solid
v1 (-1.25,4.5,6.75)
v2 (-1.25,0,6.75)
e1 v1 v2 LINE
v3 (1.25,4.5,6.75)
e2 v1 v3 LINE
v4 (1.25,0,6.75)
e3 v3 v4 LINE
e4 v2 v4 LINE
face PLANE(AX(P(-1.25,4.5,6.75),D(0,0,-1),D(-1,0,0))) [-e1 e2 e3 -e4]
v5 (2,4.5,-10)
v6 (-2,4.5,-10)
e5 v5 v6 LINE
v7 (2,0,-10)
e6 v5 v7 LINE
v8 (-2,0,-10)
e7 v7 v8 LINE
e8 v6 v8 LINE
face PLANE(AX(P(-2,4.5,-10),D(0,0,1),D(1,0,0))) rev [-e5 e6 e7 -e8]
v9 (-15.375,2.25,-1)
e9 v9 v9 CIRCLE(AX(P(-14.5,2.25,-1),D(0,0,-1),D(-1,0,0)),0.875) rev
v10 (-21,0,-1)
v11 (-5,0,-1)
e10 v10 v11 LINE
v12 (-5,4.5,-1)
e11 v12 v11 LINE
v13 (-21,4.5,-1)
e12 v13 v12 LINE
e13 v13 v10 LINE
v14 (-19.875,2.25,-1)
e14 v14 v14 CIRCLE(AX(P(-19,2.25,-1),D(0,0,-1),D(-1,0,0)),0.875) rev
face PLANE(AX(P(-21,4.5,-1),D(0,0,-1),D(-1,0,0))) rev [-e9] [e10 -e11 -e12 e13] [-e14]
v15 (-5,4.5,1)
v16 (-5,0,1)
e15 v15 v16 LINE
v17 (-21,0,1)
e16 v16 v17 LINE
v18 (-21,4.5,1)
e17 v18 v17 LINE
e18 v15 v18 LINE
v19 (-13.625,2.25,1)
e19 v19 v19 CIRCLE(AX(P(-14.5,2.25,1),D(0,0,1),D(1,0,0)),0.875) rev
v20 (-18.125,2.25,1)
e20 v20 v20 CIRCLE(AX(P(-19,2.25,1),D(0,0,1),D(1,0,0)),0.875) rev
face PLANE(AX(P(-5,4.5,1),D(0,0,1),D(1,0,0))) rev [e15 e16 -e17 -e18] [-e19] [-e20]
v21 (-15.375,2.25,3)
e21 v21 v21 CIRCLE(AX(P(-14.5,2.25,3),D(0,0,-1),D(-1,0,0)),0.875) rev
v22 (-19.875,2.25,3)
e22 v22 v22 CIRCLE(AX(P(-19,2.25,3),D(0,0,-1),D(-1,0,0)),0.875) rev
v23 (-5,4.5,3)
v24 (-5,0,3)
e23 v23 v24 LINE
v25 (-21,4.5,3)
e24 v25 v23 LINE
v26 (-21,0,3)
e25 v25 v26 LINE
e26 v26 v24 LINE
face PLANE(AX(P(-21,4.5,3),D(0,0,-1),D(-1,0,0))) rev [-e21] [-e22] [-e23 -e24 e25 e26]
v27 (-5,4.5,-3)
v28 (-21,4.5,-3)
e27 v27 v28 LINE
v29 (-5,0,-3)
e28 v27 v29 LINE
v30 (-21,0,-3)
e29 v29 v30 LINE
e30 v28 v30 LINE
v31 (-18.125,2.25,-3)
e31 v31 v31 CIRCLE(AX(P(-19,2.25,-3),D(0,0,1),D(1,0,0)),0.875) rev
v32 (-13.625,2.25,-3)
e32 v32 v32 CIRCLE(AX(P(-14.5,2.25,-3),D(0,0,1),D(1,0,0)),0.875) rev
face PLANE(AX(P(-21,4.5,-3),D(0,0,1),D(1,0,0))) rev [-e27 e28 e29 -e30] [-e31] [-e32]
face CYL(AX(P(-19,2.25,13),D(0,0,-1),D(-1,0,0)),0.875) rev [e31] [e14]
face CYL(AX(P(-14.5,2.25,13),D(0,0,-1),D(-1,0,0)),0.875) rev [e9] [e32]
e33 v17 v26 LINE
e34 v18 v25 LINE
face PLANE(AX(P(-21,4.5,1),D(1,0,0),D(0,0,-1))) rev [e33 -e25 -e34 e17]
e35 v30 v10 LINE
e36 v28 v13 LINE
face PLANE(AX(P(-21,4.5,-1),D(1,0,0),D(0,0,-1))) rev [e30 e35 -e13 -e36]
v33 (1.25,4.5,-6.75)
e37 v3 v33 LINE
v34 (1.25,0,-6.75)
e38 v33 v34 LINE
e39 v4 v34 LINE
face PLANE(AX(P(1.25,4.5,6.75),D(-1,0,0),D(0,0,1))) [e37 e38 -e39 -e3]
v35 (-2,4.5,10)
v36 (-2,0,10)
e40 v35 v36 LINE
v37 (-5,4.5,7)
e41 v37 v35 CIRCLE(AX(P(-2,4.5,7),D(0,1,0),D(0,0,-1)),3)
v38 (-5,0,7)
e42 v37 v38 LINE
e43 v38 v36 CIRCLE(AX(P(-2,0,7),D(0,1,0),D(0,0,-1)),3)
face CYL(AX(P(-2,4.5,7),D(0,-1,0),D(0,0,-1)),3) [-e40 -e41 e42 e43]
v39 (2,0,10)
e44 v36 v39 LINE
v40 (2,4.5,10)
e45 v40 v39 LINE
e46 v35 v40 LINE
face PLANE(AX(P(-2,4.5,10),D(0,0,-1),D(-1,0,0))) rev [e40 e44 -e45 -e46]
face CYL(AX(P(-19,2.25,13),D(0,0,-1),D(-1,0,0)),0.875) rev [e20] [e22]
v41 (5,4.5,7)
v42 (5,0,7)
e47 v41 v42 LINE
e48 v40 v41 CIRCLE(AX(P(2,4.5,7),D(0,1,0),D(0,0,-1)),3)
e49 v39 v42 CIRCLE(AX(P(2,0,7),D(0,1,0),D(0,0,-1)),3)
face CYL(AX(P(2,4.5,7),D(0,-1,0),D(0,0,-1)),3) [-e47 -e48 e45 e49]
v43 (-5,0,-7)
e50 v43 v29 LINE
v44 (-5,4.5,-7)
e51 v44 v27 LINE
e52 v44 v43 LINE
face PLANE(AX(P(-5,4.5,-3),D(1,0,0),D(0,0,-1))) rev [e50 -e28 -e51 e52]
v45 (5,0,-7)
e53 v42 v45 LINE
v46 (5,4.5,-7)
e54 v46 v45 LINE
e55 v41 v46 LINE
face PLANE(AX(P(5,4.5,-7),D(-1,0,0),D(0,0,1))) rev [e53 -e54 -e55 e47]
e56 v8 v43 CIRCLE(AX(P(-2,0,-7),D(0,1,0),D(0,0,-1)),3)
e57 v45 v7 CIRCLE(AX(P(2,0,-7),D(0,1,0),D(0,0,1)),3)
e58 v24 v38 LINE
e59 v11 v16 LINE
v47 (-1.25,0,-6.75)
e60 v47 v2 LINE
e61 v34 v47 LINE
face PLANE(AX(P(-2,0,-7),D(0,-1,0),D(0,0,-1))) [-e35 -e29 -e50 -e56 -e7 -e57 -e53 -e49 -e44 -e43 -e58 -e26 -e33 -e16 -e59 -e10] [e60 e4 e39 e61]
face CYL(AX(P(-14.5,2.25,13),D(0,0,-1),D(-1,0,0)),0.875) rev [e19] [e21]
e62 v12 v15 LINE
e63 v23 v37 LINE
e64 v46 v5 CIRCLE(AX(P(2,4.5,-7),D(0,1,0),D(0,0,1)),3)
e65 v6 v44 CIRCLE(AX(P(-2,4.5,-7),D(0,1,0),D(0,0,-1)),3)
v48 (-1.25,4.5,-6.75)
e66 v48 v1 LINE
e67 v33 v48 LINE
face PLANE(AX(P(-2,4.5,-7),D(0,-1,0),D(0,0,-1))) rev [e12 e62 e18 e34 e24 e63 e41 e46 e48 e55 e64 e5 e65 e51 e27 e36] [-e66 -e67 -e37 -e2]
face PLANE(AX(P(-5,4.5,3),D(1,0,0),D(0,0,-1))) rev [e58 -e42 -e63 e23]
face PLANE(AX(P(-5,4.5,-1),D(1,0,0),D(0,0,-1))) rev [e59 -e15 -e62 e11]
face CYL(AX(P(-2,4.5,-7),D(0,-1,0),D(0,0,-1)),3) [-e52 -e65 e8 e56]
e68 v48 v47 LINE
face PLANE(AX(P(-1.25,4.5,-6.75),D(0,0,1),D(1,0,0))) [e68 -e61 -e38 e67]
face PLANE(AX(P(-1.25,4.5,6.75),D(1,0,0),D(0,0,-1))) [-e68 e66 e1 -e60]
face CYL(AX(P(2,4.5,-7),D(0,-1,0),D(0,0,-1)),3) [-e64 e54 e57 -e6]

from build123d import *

# Parameters (mm, degrees)
CROQUIS1_W                 = 2.5
CROQUIS1_H                 = 13.5
SALIENTE_EXTRUIR1_DEPTH    = 4.5
CORTAR_EXTRUIR4_DEPTH      = 10
CORTAR_EXTRUIR4_DEPTH_BACK = 26.104780421
CROQUIS7_R                 = 0.875


with BuildPart() as part:
    # Croquis1 → Saliente-Extruir1 (new body)
    with BuildSketch(Plane(origin=(0, 0, 0), x_dir=(1, 0, 0), z_dir=(0, 1, 0))):
        with BuildLine():
            Line((-2, -10), (2, -10))
            ThreePointArc((2, -10), (4.121320344, -9.121320344), (5, -7))
            Line((5, -7), (5, 7))
            ThreePointArc((5, 7), (4.121320344, 9.121320344), (2, 10))
            Line((2, 10), (-2, 10))
            ThreePointArc((-2, 10), (-4.121320344, 9.121320344), (-5, 7))
            Line((-5, 7), (-5, 3))
            Line((-5, 3), (-21, 3))
            Line((-21, 3), (-21, 1))
            Line((-21, 1), (-5, 1))
            Line((-5, 1), (-5, -1))
            Line((-5, -1), (-21, -1))
            Line((-21, -1), (-21, -3))
            Line((-21, -3), (-5, -3))
            Line((-5, -3), (-5, -7))
            ThreePointArc((-5, -7), (-4.121320344, -9.121320344), (-2, -10))
        make_face()
        Rectangle(CROQUIS1_W, CROQUIS1_H, mode=Mode.SUBTRACT)
    extrude(amount=SALIENTE_EXTRUIR1_DEPTH)

    # Croquis7 → Cortar-Extruir4 (cut, two sides: drawn at the far end of the back side and taken through both)
    with BuildSketch(Plane.XY.offset(3).offset(-CORTAR_EXTRUIR4_DEPTH_BACK)):
        with Locations(Location((-19, 2.25, 0), (0, 0, 180))):
            Circle(CROQUIS7_R)
        with Locations(Location((-14.5, 2.25, 0), (0, 0, 180))):
            Circle(CROQUIS7_R)
    extrude(amount=CORTAR_EXTRUIR4_DEPTH + CORTAR_EXTRUIR4_DEPTH_BACK, mode=Mode.SUBTRACT)


solid = part.part
